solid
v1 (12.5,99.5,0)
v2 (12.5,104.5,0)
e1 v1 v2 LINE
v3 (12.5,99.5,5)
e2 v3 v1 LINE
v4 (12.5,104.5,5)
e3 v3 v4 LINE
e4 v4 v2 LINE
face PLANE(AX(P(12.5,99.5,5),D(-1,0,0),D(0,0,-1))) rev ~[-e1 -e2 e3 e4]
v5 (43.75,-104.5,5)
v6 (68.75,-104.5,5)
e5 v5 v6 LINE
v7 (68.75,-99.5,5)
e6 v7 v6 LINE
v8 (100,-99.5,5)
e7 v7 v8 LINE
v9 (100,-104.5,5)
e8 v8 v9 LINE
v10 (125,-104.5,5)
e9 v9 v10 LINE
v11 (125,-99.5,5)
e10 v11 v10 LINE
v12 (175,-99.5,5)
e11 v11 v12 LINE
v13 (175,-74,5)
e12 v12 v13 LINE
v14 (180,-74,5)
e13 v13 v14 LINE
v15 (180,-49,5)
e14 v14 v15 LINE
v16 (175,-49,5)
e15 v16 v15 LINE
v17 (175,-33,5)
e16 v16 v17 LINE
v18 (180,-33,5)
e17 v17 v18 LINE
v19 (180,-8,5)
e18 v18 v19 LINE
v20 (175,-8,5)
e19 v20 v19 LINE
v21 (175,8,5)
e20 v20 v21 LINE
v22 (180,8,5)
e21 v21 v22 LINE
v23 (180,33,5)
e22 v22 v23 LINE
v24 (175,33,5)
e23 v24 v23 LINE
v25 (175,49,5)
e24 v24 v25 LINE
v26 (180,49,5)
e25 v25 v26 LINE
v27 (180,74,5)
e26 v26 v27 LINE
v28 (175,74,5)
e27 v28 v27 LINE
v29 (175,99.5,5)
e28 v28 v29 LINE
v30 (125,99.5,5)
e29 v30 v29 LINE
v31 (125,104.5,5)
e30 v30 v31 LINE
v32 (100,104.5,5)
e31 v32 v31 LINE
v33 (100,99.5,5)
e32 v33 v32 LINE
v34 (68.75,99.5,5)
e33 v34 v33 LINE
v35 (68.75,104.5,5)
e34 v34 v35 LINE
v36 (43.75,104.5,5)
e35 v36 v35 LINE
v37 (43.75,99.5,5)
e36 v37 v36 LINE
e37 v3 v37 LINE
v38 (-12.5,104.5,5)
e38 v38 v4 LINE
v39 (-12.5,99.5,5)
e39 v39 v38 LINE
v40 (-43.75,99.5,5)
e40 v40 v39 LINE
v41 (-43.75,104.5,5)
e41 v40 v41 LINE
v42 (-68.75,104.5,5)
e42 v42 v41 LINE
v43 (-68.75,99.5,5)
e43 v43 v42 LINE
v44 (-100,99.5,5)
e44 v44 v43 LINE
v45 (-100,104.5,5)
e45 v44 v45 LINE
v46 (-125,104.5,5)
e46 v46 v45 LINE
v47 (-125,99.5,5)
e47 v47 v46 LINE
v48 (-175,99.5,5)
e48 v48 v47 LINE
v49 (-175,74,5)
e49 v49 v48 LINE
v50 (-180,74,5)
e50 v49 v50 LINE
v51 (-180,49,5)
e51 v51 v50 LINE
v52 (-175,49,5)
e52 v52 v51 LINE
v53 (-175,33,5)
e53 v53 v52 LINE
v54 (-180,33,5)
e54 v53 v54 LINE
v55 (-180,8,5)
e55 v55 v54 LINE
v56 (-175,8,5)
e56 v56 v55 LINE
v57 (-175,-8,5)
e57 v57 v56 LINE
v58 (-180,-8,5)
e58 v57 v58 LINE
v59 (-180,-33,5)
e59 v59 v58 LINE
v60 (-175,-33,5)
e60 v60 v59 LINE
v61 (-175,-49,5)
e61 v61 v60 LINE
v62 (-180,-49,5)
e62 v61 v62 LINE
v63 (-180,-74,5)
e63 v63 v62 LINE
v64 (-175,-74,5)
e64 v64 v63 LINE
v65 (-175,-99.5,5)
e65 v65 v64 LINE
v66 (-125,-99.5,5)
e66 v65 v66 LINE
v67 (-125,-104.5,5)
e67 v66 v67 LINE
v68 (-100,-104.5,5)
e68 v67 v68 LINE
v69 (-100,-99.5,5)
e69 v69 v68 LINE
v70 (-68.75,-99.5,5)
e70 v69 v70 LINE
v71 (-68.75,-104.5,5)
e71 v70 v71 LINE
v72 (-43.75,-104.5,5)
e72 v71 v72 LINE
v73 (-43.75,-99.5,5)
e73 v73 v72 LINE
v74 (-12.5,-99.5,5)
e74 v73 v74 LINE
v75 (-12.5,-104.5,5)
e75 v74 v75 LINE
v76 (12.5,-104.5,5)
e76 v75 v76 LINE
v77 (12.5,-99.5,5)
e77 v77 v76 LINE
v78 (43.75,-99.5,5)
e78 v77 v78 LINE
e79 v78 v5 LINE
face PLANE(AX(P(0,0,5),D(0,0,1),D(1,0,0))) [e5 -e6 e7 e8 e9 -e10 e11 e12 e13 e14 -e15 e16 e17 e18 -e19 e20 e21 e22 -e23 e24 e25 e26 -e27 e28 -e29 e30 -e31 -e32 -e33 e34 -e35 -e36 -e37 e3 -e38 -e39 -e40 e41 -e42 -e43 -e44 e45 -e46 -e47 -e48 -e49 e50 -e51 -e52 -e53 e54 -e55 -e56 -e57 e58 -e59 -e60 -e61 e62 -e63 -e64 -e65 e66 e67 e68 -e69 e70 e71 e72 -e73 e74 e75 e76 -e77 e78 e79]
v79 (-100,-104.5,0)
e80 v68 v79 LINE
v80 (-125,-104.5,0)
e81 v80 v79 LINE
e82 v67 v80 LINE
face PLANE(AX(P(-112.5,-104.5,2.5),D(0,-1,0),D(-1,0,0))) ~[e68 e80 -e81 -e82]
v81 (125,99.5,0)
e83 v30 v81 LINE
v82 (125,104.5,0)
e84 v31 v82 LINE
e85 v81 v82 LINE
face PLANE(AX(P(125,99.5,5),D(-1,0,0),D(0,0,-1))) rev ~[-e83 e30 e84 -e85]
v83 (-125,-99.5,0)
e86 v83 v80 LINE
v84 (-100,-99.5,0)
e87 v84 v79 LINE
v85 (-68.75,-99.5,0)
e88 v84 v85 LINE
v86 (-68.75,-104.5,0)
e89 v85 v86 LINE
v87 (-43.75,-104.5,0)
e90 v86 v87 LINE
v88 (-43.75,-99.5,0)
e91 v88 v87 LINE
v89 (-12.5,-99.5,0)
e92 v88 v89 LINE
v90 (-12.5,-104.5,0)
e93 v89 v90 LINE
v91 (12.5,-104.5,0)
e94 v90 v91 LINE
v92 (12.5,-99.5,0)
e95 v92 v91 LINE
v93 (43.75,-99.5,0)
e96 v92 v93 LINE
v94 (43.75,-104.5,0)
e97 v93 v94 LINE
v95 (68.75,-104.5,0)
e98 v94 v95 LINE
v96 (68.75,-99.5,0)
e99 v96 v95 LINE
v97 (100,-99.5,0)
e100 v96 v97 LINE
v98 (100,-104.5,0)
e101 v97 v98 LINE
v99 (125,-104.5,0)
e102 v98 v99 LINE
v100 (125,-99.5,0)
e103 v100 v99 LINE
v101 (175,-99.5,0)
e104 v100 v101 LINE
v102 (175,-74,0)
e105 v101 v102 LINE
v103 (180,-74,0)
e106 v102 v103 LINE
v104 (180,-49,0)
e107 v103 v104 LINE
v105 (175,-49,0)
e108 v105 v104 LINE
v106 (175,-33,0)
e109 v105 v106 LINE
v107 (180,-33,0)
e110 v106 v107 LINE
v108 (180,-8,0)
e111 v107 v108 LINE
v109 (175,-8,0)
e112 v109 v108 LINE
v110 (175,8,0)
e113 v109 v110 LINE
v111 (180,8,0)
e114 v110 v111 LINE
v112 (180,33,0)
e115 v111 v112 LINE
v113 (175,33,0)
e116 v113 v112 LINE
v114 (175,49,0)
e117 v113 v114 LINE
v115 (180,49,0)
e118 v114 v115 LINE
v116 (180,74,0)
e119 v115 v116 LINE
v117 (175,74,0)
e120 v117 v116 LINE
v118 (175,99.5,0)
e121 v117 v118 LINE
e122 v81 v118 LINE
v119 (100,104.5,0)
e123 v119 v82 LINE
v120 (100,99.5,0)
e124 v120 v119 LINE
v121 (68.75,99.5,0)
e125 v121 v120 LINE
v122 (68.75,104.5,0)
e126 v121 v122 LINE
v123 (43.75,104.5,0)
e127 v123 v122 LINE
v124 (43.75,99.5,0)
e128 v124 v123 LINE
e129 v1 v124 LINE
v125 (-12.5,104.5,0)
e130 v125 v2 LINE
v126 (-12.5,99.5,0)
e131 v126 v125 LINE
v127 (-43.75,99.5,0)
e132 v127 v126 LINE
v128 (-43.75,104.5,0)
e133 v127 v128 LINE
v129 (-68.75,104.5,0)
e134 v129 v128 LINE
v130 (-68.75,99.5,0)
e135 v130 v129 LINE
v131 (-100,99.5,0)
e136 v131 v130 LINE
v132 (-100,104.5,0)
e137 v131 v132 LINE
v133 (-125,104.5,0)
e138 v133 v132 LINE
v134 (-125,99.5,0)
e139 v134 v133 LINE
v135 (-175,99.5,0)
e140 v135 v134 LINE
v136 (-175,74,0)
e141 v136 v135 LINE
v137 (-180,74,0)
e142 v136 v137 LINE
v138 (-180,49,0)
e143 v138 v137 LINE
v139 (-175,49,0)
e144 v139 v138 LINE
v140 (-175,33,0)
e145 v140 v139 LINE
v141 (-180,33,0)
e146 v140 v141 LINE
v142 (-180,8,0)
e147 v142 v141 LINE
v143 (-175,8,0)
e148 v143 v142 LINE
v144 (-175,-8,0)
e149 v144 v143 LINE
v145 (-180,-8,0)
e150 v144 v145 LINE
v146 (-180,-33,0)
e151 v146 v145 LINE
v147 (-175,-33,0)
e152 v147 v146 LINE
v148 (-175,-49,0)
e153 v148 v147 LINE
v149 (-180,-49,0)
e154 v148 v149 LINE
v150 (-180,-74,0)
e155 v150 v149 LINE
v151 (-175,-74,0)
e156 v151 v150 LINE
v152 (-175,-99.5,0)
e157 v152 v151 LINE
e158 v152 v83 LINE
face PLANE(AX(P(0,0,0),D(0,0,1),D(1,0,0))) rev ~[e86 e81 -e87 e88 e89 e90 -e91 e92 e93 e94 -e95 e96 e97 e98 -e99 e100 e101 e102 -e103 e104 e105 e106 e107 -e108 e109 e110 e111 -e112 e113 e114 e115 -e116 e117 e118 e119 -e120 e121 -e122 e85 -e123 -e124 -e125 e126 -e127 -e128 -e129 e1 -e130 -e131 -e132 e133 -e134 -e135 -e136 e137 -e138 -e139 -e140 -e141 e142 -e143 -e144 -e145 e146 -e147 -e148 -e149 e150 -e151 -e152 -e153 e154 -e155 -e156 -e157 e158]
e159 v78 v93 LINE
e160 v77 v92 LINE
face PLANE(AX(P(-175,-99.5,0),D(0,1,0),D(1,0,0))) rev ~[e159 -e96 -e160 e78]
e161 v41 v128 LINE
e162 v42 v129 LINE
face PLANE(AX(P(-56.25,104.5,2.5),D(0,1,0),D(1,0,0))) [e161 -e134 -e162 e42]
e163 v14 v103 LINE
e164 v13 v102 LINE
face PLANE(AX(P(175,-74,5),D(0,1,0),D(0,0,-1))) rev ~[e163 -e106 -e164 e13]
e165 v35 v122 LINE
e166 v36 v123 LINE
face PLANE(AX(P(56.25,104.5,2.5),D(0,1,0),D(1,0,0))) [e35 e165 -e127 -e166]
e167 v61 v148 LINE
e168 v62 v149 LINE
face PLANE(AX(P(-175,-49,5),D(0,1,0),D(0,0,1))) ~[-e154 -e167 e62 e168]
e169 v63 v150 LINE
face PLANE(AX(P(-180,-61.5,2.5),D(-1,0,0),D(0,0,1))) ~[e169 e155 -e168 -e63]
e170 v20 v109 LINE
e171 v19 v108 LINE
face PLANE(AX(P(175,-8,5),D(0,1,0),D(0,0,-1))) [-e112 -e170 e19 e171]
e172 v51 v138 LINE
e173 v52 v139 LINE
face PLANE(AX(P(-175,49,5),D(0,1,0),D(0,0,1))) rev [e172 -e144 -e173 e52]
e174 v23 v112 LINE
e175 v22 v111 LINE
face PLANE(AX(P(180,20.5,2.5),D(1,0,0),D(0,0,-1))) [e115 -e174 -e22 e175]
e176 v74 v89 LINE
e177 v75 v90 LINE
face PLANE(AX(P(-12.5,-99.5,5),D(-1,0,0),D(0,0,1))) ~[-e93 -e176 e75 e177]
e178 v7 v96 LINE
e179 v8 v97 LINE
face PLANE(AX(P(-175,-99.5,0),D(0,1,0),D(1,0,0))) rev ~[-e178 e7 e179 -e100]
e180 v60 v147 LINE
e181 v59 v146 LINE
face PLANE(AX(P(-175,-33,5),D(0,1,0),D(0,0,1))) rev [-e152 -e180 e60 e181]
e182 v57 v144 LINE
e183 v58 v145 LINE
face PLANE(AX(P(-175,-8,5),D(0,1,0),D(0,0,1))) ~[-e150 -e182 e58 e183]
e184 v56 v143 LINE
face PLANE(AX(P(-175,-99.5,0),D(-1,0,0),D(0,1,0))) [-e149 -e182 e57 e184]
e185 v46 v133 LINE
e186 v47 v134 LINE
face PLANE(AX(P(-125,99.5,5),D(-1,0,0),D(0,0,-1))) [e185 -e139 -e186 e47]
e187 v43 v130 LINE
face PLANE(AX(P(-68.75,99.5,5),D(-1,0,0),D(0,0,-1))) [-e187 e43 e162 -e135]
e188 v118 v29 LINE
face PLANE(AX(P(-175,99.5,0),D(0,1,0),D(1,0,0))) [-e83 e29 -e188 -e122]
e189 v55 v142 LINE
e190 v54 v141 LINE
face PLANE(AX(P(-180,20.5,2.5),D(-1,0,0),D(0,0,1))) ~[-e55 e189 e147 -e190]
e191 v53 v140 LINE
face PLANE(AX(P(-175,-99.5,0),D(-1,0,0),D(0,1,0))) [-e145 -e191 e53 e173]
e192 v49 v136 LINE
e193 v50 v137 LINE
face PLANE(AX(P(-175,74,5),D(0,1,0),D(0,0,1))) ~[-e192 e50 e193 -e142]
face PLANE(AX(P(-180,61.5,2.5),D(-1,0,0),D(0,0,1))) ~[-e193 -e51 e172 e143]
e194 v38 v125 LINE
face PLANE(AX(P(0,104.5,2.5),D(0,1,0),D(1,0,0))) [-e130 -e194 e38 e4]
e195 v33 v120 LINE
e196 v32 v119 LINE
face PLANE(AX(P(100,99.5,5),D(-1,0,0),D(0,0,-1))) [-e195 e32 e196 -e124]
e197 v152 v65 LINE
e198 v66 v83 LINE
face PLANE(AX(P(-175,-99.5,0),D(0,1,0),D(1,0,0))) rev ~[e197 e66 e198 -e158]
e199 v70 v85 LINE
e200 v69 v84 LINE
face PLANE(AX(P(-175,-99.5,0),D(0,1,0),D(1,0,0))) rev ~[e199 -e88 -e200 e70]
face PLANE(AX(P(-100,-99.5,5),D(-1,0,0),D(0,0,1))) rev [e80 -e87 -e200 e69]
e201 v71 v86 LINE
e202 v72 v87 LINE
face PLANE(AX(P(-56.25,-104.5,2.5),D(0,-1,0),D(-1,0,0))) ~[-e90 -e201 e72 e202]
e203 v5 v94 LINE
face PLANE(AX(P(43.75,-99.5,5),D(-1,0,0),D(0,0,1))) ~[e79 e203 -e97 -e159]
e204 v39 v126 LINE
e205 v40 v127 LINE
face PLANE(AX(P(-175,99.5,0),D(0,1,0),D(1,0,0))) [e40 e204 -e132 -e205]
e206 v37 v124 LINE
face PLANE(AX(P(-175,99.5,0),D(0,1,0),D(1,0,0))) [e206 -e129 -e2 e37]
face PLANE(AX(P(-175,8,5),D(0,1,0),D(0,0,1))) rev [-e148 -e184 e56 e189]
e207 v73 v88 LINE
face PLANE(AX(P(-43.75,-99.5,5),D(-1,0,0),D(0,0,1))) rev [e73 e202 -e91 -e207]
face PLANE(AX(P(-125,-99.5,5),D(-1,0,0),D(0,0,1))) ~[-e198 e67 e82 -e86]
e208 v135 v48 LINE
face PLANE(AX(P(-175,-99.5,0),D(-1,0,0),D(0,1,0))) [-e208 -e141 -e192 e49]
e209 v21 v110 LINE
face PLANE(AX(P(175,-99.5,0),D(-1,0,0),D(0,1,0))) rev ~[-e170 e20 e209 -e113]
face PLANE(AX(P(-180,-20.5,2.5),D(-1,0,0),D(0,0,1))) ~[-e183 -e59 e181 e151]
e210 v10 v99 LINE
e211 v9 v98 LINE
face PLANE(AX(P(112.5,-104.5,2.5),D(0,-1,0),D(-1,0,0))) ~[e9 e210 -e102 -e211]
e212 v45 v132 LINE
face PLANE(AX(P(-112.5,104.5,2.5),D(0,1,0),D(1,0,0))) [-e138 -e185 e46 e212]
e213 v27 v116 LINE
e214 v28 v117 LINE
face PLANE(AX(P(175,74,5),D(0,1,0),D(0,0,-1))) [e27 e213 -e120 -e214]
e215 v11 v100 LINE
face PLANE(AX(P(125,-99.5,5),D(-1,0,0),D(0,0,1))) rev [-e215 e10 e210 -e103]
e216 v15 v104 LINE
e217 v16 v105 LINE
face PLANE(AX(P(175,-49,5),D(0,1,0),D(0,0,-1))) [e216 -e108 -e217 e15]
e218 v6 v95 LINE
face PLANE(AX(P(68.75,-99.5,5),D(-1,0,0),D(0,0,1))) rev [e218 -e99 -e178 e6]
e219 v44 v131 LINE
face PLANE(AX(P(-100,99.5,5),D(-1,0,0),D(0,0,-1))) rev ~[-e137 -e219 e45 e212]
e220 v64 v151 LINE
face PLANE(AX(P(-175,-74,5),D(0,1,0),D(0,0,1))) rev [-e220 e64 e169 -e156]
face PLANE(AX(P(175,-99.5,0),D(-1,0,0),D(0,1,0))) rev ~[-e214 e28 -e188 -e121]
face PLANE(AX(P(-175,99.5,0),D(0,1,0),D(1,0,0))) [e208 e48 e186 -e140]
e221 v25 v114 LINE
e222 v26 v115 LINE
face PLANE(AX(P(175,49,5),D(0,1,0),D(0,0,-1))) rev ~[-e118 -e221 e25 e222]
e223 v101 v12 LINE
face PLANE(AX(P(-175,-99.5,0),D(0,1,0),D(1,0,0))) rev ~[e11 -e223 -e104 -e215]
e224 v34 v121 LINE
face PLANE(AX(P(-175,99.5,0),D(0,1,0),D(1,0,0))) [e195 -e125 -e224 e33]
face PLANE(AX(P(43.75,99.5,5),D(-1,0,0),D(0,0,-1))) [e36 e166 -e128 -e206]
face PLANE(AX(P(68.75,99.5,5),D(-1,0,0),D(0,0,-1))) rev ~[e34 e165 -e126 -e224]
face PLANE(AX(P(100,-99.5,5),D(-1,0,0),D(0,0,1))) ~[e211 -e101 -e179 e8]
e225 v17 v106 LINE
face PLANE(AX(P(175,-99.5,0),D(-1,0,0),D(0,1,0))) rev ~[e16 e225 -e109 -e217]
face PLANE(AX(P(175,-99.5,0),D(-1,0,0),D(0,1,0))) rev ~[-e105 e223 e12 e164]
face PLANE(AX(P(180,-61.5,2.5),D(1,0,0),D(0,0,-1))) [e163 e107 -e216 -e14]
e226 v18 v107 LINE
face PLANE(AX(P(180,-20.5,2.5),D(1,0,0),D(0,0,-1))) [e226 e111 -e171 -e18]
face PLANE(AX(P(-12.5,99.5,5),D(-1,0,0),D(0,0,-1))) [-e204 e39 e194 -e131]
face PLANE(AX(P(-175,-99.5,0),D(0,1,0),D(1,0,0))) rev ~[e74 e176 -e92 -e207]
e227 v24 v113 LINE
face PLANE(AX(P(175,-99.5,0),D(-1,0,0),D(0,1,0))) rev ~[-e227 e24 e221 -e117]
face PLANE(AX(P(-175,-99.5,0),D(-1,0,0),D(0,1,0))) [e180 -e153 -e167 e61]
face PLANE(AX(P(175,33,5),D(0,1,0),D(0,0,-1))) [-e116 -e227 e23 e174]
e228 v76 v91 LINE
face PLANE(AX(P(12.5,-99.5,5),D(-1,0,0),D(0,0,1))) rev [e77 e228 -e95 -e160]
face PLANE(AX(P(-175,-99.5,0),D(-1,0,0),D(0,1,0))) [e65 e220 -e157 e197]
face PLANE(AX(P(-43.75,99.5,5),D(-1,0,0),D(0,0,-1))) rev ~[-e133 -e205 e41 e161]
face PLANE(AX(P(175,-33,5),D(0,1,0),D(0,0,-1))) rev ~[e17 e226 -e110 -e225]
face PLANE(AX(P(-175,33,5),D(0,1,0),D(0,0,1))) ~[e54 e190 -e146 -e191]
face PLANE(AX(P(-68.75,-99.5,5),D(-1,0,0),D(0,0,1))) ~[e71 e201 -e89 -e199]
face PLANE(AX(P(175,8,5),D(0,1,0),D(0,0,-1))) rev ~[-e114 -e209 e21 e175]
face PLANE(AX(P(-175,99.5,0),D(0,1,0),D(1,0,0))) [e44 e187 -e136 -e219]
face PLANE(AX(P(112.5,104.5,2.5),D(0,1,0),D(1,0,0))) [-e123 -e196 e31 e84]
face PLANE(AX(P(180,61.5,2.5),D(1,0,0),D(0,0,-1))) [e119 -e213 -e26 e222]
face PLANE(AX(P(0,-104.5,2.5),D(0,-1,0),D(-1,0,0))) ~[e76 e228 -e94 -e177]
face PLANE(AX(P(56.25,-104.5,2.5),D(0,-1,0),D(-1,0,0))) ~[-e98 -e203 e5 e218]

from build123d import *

# Parameters (mm, degrees)
SKETCH1_W           = 350
SKETCH1_H           = 199
BOSS_EXTRUDE1_DEPTH = 5
SKETCH2_W           = 5
SKETCH2_H           = 25
BOSS_EXTRUDE2_DEPTH = 5
SKETCH3_W           = 25
SKETCH3_H           = 5
BOSS_EXTRUDE3_DEPTH = 5


with BuildPart() as part:
    # Sketch1 → Boss-Extrude1 (new body)
    with BuildSketch(Plane.XY):
        Rectangle(SKETCH1_W, SKETCH1_H)
    extrude(amount=BOSS_EXTRUDE1_DEPTH)

    # Sketch2 → Boss-Extrude2 (add)
    with BuildSketch(Plane(origin=(175, 0, 0), x_dir=(0, 0, -1), z_dir=(1, 0, 0))):
        with Locations((-2.5, 61.5)):
            Rectangle(SKETCH2_W, SKETCH2_H)
        with Locations((-2.5, 20.5)):
            Rectangle(SKETCH2_W, SKETCH2_H)
        with Locations((-2.5, -20.5)):
            Rectangle(SKETCH2_W, SKETCH2_H)
        with Locations((-2.5, -61.5)):
            Rectangle(SKETCH2_W, SKETCH2_H)
    boss_extrude2 = extrude(amount=BOSS_EXTRUDE2_DEPTH)

    # Mirror1: Boss-Extrude2 across plane
    add(boss_extrude2.mirror(Plane(origin=(0, 0, 0), x_dir=(0, 0, 1), z_dir=(1, 0, 0))))

    # Sketch3 → Boss-Extrude3 (add)
    with BuildSketch(Plane(origin=(0, 99.5, 0), x_dir=(1, 0, 0), z_dir=(0, 1, 0))):
        with Locations((-112.5, -2.5)):
            Rectangle(SKETCH3_W, SKETCH3_H)
        with Locations((-56.25, -2.5)):
            Rectangle(SKETCH3_W, SKETCH3_H)
        with Locations((0, -2.5)):
            Rectangle(SKETCH3_W, SKETCH3_H)
        with Locations((56.25, -2.5)):
            Rectangle(SKETCH3_W, SKETCH3_H)
        with Locations((112.5, -2.5)):
            Rectangle(SKETCH3_W, SKETCH3_H)
    boss_extrude3 = extrude(amount=BOSS_EXTRUDE3_DEPTH)

    # Mirror2: Boss-Extrude3 across plane
    add(boss_extrude3.mirror(Plane.ZX))


solid = part.part
